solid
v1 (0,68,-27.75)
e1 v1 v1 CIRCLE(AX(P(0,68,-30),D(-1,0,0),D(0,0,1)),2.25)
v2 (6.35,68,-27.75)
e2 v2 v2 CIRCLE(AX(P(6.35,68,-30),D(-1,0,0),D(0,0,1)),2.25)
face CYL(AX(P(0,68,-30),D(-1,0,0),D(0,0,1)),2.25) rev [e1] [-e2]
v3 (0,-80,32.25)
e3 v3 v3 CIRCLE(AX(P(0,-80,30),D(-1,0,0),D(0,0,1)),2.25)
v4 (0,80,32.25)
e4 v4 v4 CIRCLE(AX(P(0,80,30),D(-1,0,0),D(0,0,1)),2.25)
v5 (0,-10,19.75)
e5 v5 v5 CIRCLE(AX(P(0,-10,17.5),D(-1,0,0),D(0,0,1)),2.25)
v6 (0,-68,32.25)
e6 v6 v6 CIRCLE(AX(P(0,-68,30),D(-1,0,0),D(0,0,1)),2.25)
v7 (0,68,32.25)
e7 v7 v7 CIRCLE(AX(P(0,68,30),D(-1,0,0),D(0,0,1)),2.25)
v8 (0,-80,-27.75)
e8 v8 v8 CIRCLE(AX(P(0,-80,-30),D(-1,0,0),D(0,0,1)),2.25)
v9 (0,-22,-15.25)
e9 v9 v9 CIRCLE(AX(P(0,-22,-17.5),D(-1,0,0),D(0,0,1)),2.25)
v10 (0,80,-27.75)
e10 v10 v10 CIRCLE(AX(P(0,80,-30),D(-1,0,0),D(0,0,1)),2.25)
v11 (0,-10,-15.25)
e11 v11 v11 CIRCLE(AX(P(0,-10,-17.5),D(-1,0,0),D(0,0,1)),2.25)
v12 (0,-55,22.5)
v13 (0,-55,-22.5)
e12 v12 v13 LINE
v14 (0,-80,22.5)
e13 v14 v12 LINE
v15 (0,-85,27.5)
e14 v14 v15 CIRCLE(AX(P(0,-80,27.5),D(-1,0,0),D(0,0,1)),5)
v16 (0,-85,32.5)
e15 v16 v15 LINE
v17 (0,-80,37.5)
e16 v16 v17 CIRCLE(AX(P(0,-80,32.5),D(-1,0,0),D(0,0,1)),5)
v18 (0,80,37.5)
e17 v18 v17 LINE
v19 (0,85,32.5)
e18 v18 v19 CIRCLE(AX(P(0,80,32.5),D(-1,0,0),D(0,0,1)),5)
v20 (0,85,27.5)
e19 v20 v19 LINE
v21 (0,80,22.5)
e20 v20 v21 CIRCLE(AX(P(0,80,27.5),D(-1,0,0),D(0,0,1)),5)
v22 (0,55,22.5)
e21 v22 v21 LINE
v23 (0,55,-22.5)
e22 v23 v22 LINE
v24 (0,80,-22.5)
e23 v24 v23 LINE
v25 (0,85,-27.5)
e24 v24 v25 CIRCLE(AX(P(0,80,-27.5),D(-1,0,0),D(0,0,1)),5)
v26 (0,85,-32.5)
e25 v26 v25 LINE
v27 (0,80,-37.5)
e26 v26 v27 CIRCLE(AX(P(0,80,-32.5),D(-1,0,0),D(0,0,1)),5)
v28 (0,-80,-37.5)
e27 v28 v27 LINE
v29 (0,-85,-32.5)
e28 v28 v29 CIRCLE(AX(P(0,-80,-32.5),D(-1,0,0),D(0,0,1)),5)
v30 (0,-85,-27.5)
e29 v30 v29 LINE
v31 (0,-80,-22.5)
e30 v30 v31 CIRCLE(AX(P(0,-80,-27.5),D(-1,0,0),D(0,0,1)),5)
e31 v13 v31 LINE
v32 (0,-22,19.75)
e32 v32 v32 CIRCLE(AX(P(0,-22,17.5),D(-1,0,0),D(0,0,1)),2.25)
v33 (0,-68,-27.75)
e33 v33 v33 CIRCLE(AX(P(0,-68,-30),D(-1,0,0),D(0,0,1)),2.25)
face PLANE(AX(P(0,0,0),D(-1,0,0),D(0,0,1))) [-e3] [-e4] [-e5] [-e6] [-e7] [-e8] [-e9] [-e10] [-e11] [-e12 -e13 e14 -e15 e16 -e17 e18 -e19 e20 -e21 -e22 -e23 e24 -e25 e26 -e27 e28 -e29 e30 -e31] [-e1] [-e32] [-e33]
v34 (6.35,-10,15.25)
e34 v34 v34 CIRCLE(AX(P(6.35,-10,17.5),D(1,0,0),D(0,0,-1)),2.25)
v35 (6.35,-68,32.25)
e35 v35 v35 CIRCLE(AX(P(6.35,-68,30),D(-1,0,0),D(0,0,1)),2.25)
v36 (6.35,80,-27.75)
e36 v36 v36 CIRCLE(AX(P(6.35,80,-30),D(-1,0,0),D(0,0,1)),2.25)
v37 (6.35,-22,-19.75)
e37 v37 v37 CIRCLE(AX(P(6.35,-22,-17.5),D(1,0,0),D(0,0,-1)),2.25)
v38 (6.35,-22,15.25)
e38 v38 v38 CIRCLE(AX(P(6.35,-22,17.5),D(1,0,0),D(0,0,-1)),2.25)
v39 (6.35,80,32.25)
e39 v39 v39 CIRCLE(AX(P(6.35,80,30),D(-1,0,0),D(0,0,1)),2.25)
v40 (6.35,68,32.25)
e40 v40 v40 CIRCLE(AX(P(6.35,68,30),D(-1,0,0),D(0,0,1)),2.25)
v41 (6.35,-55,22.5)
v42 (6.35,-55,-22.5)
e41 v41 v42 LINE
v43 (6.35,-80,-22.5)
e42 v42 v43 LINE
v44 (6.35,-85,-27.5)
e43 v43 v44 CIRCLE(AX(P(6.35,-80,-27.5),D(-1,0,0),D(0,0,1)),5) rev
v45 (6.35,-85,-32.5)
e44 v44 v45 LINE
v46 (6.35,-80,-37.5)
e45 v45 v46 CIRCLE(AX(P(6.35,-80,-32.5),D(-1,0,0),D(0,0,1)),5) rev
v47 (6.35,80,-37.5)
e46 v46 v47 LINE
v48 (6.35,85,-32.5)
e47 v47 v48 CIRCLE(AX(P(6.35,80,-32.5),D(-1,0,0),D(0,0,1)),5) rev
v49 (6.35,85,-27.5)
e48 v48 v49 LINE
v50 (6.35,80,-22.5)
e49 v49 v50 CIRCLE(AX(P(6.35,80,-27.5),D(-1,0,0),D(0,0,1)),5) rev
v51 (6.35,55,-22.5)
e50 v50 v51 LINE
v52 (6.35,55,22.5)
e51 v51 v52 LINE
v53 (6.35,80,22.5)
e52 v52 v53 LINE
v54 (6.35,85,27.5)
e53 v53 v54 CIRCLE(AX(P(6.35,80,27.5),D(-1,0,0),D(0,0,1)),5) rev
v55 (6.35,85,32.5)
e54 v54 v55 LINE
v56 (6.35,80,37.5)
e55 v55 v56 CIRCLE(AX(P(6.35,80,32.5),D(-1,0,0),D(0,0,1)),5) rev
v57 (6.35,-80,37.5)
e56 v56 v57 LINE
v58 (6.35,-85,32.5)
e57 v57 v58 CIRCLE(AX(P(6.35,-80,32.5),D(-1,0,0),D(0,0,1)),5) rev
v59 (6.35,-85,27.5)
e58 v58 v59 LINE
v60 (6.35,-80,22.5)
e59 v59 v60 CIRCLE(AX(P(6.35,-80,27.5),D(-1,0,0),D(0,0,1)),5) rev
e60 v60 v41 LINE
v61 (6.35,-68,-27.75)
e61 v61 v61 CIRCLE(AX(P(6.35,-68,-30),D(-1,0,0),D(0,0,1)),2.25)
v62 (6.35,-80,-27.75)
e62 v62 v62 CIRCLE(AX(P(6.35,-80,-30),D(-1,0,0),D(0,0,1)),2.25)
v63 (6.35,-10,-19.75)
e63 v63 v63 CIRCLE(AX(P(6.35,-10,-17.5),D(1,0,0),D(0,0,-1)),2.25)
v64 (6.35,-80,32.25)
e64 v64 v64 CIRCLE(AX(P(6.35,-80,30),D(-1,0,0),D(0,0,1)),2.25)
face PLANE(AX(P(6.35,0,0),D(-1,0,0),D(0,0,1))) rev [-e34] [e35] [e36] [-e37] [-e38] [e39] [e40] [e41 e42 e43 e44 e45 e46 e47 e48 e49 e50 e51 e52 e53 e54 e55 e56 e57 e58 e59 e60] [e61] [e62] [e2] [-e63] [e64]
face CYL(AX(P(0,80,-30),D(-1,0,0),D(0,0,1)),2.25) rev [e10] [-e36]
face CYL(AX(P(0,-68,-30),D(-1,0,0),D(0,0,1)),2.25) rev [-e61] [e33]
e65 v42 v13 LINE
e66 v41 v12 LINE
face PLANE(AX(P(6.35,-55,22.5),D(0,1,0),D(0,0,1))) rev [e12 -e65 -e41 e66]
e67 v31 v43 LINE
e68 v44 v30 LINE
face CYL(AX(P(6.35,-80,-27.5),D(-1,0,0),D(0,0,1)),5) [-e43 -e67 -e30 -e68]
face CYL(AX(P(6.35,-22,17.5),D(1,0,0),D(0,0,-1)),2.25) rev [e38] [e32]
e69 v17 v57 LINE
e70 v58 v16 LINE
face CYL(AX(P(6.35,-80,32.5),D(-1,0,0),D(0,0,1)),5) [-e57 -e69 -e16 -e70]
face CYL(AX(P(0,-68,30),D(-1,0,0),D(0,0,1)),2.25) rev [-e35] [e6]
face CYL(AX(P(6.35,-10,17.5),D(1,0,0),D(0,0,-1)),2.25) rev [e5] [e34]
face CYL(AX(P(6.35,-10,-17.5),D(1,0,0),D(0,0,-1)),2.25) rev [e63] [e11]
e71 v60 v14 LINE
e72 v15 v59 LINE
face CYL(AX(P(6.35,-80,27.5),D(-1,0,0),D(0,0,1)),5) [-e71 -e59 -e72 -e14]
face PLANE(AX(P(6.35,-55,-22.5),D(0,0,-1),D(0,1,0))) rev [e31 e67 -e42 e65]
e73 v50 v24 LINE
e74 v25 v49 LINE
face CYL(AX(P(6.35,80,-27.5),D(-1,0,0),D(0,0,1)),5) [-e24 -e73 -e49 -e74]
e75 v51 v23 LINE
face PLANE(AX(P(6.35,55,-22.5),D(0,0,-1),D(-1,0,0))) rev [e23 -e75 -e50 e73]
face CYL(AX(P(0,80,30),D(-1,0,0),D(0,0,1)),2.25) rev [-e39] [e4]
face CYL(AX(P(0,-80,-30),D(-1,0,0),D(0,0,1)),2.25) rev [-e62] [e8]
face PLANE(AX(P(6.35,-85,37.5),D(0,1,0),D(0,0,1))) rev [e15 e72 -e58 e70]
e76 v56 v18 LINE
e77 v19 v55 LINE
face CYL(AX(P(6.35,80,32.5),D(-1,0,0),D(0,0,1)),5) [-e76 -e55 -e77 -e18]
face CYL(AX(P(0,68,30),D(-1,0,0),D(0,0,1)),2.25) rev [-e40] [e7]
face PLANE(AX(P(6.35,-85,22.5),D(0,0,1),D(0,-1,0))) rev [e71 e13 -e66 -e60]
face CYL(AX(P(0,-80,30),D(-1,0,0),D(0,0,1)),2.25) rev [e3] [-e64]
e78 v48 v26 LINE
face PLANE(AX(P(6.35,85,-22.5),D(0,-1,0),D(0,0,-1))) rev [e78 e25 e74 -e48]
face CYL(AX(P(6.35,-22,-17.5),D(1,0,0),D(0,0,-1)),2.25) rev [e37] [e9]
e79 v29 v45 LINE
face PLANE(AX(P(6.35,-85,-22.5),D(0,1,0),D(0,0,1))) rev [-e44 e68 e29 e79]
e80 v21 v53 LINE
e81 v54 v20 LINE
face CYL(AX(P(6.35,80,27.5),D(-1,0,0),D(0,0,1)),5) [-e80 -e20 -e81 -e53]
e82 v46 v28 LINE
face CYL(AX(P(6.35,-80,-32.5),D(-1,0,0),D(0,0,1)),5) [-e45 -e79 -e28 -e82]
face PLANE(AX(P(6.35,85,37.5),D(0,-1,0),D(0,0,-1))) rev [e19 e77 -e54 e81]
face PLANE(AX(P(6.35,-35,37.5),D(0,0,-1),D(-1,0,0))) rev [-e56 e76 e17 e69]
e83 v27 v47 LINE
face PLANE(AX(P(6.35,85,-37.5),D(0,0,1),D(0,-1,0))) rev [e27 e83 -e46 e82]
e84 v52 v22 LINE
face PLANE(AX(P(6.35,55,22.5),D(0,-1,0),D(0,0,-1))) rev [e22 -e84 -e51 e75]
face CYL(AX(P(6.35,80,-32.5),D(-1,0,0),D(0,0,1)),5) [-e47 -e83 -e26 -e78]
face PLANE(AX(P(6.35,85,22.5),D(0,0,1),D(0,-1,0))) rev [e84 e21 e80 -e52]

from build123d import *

# Parameters (mm, degrees)
SALIENTE_EXTRUIR1_DEPTH      = 6.35
TALADRO_DE_MARGEN_PARA_M41_D = 4.5
REDONDEO1_R                  = 5
TALADRO_DE_MARGEN_PARA_M42_D = 4.5


with BuildPart() as part:
    # Croquis1 → Saliente-Extruir1 (new body)
    with BuildSketch(Plane(origin=(0, 0, 0), x_dir=(0, 0, -1), z_dir=(1, 0, 0))):
        Polygon((-22.5, 85), (-22.5, 55), (22.5, 55), (22.5, 85), (37.5, 85), (37.5, 35), (37.5, -35), (37.5, -85), (22.5, -85), (22.5, -55), (-22.5, -55), (-22.5, -85), (-37.5, -85), (-37.5, -35), (-37.5, 35), (-37.5, 85), align=None)
    extrude(amount=SALIENTE_EXTRUIR1_DEPTH)

    # Taladro de margen para M41 (through all)
    with Locations(Plane.ZY):
        with Locations((30, 68), (30, 80), (-30, 68), (-30, 80), (30, -80), (30, -68), (-30, -80), (-30, -68)):
            Hole(TALADRO_DE_MARGEN_PARA_M41_D / 2)

    # Redondeo1
    redondeo1_edges = [part.edges().sort_by_distance(p)[0] for p in [
        (3.175, 85, 22.5),
        (3.175, 85, -22.5),
        (3.175, 85, -37.5),
        (3.175, -85, -37.5),
        (3.175, -85, -22.5),
        (3.175, -85, 22.5),
        (3.175, -85, 37.5),
        (3.175, 85, 37.5),
    ]]
    fillet(redondeo1_edges, radius=REDONDEO1_R)

    # Taladro de margen para M42 (through all)
    with Locations(Plane(origin=(6.35, 0, 0), x_dir=(0, 0, -1), z_dir=(1, 0, 0))):
        with Locations((-17.5, -10), (17.5, -10), (17.5, -22), (-17.5, -22)):
            Hole(TALADRO_DE_MARGEN_PARA_M42_D / 2)


solid = part.part
